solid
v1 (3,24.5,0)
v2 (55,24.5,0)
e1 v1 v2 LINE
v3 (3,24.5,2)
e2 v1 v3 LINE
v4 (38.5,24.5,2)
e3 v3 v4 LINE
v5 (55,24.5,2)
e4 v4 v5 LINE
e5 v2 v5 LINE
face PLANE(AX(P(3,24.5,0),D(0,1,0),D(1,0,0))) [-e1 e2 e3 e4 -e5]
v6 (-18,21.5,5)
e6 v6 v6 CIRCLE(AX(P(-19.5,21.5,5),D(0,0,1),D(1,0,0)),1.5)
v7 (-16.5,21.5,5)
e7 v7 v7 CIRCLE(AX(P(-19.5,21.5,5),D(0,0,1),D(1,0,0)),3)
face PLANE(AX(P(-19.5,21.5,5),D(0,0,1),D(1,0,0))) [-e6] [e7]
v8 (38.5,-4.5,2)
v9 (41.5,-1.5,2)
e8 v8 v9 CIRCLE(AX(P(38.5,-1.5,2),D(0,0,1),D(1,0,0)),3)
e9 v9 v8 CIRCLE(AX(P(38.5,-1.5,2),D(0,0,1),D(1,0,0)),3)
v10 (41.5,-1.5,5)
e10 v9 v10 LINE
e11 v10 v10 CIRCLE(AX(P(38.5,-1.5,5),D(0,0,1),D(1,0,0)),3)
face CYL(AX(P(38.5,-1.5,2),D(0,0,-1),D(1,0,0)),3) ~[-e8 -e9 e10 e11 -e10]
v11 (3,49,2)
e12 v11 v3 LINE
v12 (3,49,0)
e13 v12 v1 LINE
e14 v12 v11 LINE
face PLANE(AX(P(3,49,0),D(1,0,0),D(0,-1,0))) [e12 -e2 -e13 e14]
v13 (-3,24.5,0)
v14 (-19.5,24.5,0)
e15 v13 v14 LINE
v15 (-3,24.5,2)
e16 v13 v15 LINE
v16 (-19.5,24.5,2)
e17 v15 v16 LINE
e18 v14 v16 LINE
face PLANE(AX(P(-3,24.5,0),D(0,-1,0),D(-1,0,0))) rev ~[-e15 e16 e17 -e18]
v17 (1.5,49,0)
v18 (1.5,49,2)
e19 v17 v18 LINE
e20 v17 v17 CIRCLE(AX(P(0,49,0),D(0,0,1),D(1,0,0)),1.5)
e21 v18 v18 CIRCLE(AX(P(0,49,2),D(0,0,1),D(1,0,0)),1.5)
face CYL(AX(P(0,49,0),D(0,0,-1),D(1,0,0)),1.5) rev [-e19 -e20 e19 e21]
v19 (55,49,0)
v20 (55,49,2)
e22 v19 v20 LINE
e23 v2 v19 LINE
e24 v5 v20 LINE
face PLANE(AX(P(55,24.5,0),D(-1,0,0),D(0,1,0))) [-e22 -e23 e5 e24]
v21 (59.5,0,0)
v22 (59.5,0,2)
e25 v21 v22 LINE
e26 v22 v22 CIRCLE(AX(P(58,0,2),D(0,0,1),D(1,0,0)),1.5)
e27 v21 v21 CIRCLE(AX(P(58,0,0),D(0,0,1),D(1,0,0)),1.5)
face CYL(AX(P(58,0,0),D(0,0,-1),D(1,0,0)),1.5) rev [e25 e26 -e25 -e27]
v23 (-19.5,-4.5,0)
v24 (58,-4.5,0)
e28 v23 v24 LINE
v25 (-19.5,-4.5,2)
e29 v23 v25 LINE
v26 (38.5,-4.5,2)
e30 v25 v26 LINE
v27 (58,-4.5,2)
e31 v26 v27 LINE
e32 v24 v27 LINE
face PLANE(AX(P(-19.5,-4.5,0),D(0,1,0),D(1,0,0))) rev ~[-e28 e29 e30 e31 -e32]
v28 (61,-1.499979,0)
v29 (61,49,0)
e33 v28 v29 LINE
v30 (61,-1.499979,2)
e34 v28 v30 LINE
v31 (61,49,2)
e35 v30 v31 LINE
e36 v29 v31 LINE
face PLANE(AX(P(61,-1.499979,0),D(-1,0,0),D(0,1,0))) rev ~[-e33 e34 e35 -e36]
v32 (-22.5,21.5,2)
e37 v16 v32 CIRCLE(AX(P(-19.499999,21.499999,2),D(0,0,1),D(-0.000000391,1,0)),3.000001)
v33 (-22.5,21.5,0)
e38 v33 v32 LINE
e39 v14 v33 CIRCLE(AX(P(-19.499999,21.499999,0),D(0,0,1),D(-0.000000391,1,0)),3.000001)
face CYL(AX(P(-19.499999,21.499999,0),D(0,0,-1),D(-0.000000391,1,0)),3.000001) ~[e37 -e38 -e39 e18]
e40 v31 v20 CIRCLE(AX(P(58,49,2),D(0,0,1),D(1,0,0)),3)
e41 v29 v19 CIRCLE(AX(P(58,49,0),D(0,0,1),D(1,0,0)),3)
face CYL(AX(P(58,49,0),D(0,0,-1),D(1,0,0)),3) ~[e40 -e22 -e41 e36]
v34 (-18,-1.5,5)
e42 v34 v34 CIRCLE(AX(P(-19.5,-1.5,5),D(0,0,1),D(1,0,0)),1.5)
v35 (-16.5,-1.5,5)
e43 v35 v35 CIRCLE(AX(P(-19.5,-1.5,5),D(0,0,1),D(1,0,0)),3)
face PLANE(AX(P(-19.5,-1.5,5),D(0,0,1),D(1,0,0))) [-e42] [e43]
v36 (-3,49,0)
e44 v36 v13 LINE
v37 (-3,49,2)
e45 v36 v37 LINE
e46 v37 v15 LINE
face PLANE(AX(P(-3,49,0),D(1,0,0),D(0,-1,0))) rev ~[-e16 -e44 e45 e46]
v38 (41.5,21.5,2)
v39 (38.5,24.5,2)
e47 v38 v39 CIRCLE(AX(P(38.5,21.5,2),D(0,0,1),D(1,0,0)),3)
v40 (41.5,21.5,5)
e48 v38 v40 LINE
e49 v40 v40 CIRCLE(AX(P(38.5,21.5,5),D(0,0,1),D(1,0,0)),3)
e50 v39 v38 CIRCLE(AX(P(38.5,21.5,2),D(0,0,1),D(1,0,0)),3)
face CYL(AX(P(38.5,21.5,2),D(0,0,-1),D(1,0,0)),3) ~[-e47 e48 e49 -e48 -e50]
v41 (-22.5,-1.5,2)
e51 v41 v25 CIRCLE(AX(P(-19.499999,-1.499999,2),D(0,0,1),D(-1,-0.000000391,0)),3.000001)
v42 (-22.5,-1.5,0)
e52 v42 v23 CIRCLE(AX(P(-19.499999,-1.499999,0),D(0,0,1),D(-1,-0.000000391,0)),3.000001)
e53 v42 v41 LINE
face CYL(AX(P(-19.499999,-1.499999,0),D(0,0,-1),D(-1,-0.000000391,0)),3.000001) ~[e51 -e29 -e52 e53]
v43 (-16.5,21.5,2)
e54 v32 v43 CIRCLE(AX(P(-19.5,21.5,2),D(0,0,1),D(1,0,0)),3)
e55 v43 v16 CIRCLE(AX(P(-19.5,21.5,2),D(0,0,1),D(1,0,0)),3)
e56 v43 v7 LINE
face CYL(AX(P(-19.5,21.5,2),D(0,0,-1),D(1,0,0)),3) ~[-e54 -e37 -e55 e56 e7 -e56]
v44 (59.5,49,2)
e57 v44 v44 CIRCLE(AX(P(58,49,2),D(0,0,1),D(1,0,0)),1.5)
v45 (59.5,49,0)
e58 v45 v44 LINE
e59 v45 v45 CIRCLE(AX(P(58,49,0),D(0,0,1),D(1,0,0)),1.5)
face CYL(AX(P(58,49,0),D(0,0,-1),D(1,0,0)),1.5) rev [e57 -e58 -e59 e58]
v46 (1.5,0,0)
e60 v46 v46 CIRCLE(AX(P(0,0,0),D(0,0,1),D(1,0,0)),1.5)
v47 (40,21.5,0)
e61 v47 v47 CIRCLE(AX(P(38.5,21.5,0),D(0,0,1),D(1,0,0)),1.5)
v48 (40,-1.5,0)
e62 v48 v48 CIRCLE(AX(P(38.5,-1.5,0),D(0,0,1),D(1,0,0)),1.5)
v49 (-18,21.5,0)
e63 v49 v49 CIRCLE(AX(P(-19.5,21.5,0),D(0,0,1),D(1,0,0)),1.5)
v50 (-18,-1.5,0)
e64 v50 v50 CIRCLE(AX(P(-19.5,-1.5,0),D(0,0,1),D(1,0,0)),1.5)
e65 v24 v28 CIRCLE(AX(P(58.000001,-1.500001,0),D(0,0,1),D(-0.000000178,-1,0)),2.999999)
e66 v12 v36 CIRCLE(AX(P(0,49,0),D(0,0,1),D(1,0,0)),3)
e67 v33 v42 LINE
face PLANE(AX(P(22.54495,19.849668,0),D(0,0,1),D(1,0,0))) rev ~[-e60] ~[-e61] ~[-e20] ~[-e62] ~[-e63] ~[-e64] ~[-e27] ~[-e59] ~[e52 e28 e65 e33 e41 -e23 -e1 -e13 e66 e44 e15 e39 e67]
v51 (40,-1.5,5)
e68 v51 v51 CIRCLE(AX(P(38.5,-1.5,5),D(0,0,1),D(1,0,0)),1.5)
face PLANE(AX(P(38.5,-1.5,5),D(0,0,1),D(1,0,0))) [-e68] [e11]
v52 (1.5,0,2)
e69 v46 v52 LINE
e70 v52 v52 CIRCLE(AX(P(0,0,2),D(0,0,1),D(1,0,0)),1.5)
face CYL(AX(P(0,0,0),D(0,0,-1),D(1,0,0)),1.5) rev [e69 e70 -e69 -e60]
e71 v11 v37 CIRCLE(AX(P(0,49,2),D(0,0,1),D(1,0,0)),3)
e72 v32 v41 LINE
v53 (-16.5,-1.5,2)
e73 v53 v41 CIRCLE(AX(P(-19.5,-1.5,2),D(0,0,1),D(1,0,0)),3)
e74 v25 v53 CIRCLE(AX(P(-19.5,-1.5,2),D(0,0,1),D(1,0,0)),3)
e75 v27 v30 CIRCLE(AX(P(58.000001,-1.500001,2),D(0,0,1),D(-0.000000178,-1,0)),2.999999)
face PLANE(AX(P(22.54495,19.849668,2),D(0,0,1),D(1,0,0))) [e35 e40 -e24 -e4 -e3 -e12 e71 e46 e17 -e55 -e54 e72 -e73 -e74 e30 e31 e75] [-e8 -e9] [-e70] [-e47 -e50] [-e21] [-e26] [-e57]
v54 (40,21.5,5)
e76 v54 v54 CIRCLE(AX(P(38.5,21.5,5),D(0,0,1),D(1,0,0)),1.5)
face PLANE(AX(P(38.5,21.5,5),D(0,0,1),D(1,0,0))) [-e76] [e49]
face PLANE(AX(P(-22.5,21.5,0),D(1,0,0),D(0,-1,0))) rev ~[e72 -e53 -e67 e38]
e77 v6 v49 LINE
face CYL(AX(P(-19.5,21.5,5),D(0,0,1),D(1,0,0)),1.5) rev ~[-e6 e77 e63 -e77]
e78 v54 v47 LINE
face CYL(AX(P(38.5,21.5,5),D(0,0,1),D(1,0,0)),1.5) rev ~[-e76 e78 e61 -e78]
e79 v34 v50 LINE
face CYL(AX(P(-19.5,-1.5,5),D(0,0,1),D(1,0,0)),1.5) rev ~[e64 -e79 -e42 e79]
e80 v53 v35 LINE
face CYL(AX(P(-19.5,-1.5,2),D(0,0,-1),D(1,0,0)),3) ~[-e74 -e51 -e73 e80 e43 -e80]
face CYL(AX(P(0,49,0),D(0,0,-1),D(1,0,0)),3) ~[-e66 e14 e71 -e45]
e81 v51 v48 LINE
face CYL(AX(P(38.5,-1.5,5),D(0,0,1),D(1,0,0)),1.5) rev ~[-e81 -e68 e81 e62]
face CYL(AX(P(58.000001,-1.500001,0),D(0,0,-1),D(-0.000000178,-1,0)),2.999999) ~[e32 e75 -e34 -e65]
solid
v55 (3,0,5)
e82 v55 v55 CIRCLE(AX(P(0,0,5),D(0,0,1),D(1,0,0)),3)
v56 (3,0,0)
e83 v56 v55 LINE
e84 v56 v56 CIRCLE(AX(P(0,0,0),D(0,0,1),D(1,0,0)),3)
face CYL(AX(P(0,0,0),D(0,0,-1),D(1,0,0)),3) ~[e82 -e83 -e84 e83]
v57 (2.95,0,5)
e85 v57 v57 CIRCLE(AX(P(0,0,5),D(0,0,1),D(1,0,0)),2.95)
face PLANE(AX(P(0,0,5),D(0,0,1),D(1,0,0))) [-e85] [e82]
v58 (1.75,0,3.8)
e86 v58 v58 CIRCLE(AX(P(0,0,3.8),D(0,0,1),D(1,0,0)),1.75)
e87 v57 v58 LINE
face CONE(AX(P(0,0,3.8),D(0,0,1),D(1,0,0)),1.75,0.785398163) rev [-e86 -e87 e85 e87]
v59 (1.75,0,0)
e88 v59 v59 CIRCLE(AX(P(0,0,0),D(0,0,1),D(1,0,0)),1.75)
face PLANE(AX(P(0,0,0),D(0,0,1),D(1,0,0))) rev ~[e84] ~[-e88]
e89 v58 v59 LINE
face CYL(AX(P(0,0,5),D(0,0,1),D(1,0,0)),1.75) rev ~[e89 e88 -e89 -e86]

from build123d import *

# Parameters (mm, degrees)
SKETCH_R        = 1.5
PAD_DEPTH       = 2
SKETCH001_R     = 3
PAD001_DEPTH    = 3
SKETCH002_R     = 1.5
POCKET_DEPTH    = 5.001
SKETCH003_R     = 3
PAD002_DEPTH    = 5
SKETCH004_R     = 1.75
POCKET001_DEPTH = 5.001
CHAMFER_SIZE    = 1.2


with BuildPart() as body:
    # Sketch → Pad (new body)
    with BuildSketch(Plane.XY):
        with BuildLine():
            ThreePointArc((3, 49), (0, 52), (-3, 49))
            Line((-3, 49), (-3, 24.5))
            Line((-3, 24.5), (-19.5, 24.5))
            ThreePointArc((-19.5, 24.5), (-21.62132, 23.62132), (-22.5, 21.5))
            Line((-22.5, 21.5), (-22.5, -1.5))
            ThreePointArc((-22.5, -1.5), (-21.62132, -3.62132), (-19.5, -4.5))
            Line((-19.5, -4.5), (58, -4.5))
            ThreePointArc((58, -4.5), (60.121328, -3.621313), (61, -1.499979))
            Line((61, -1.499979), (61, 49))
            ThreePointArc((61, 49), (58, 52), (55, 49))
            Line((55, 24.5), (55, 49))
            Line((3, 24.5), (55, 24.5))
            Line((3, 49), (3, 24.5))
        make_face()
        Circle(SKETCH_R, mode=Mode.SUBTRACT)
        with Locations((58, 0)):
            Circle(SKETCH_R, mode=Mode.SUBTRACT)
        with Locations((0, 49)):
            Circle(SKETCH_R, mode=Mode.SUBTRACT)
        with Locations((58, 49)):
            Circle(SKETCH_R, mode=Mode.SUBTRACT)
    extrude(amount=PAD_DEPTH)

    # Sketch001 (on Face19 of Pad) → Pad001 (join)
    with BuildSketch(Plane.XY.offset(2)):
        with Locations((-19.5, 21.5)):
            Circle(SKETCH001_R)
        with Locations((-19.5, -1.5)):
            Circle(SKETCH001_R)
        with Locations((38.5, 21.5)):
            Circle(SKETCH001_R)
        with Locations((38.5, -1.5)):
            Circle(SKETCH001_R)
    extrude(amount=PAD001_DEPTH)

    # Sketch002 (on Face25 of Pad001) → Pocket (cut, through all)
    with BuildSketch(Plane.XY.offset(5)):
        with Locations((-19.5, 21.5)):
            Circle(SKETCH002_R)
        with Locations((-19.5, -1.5)):
            Circle(SKETCH002_R)
        with Locations((38.5, 21.5)):
            Circle(SKETCH002_R)
        with Locations((38.5, -1.5)):
            Circle(SKETCH002_R)
    extrude(amount=-POCKET_DEPTH, mode=Mode.SUBTRACT)


with BuildPart() as body001:
    # Sketch003 → Pad002 (new body)
    with BuildSketch(Plane.XY):
        Circle(SKETCH003_R)
    extrude(amount=PAD002_DEPTH)

    # Sketch004 (on Face3 of Pad002) → Pocket001 (cut, through all)
    with BuildSketch(Plane.XY.offset(5)):
        Circle(SKETCH004_R)
    extrude(amount=-POCKET001_DEPTH, mode=Mode.SUBTRACT)

    # Chamfer
    chamfer_edges = [body001.edges().sort_by_distance(p)[0] for p in [
        (-1.75, 0, 5),
    ]]
    chamfer(chamfer_edges, length=CHAMFER_SIZE)


solid = Compound([body.part, body001.part])
